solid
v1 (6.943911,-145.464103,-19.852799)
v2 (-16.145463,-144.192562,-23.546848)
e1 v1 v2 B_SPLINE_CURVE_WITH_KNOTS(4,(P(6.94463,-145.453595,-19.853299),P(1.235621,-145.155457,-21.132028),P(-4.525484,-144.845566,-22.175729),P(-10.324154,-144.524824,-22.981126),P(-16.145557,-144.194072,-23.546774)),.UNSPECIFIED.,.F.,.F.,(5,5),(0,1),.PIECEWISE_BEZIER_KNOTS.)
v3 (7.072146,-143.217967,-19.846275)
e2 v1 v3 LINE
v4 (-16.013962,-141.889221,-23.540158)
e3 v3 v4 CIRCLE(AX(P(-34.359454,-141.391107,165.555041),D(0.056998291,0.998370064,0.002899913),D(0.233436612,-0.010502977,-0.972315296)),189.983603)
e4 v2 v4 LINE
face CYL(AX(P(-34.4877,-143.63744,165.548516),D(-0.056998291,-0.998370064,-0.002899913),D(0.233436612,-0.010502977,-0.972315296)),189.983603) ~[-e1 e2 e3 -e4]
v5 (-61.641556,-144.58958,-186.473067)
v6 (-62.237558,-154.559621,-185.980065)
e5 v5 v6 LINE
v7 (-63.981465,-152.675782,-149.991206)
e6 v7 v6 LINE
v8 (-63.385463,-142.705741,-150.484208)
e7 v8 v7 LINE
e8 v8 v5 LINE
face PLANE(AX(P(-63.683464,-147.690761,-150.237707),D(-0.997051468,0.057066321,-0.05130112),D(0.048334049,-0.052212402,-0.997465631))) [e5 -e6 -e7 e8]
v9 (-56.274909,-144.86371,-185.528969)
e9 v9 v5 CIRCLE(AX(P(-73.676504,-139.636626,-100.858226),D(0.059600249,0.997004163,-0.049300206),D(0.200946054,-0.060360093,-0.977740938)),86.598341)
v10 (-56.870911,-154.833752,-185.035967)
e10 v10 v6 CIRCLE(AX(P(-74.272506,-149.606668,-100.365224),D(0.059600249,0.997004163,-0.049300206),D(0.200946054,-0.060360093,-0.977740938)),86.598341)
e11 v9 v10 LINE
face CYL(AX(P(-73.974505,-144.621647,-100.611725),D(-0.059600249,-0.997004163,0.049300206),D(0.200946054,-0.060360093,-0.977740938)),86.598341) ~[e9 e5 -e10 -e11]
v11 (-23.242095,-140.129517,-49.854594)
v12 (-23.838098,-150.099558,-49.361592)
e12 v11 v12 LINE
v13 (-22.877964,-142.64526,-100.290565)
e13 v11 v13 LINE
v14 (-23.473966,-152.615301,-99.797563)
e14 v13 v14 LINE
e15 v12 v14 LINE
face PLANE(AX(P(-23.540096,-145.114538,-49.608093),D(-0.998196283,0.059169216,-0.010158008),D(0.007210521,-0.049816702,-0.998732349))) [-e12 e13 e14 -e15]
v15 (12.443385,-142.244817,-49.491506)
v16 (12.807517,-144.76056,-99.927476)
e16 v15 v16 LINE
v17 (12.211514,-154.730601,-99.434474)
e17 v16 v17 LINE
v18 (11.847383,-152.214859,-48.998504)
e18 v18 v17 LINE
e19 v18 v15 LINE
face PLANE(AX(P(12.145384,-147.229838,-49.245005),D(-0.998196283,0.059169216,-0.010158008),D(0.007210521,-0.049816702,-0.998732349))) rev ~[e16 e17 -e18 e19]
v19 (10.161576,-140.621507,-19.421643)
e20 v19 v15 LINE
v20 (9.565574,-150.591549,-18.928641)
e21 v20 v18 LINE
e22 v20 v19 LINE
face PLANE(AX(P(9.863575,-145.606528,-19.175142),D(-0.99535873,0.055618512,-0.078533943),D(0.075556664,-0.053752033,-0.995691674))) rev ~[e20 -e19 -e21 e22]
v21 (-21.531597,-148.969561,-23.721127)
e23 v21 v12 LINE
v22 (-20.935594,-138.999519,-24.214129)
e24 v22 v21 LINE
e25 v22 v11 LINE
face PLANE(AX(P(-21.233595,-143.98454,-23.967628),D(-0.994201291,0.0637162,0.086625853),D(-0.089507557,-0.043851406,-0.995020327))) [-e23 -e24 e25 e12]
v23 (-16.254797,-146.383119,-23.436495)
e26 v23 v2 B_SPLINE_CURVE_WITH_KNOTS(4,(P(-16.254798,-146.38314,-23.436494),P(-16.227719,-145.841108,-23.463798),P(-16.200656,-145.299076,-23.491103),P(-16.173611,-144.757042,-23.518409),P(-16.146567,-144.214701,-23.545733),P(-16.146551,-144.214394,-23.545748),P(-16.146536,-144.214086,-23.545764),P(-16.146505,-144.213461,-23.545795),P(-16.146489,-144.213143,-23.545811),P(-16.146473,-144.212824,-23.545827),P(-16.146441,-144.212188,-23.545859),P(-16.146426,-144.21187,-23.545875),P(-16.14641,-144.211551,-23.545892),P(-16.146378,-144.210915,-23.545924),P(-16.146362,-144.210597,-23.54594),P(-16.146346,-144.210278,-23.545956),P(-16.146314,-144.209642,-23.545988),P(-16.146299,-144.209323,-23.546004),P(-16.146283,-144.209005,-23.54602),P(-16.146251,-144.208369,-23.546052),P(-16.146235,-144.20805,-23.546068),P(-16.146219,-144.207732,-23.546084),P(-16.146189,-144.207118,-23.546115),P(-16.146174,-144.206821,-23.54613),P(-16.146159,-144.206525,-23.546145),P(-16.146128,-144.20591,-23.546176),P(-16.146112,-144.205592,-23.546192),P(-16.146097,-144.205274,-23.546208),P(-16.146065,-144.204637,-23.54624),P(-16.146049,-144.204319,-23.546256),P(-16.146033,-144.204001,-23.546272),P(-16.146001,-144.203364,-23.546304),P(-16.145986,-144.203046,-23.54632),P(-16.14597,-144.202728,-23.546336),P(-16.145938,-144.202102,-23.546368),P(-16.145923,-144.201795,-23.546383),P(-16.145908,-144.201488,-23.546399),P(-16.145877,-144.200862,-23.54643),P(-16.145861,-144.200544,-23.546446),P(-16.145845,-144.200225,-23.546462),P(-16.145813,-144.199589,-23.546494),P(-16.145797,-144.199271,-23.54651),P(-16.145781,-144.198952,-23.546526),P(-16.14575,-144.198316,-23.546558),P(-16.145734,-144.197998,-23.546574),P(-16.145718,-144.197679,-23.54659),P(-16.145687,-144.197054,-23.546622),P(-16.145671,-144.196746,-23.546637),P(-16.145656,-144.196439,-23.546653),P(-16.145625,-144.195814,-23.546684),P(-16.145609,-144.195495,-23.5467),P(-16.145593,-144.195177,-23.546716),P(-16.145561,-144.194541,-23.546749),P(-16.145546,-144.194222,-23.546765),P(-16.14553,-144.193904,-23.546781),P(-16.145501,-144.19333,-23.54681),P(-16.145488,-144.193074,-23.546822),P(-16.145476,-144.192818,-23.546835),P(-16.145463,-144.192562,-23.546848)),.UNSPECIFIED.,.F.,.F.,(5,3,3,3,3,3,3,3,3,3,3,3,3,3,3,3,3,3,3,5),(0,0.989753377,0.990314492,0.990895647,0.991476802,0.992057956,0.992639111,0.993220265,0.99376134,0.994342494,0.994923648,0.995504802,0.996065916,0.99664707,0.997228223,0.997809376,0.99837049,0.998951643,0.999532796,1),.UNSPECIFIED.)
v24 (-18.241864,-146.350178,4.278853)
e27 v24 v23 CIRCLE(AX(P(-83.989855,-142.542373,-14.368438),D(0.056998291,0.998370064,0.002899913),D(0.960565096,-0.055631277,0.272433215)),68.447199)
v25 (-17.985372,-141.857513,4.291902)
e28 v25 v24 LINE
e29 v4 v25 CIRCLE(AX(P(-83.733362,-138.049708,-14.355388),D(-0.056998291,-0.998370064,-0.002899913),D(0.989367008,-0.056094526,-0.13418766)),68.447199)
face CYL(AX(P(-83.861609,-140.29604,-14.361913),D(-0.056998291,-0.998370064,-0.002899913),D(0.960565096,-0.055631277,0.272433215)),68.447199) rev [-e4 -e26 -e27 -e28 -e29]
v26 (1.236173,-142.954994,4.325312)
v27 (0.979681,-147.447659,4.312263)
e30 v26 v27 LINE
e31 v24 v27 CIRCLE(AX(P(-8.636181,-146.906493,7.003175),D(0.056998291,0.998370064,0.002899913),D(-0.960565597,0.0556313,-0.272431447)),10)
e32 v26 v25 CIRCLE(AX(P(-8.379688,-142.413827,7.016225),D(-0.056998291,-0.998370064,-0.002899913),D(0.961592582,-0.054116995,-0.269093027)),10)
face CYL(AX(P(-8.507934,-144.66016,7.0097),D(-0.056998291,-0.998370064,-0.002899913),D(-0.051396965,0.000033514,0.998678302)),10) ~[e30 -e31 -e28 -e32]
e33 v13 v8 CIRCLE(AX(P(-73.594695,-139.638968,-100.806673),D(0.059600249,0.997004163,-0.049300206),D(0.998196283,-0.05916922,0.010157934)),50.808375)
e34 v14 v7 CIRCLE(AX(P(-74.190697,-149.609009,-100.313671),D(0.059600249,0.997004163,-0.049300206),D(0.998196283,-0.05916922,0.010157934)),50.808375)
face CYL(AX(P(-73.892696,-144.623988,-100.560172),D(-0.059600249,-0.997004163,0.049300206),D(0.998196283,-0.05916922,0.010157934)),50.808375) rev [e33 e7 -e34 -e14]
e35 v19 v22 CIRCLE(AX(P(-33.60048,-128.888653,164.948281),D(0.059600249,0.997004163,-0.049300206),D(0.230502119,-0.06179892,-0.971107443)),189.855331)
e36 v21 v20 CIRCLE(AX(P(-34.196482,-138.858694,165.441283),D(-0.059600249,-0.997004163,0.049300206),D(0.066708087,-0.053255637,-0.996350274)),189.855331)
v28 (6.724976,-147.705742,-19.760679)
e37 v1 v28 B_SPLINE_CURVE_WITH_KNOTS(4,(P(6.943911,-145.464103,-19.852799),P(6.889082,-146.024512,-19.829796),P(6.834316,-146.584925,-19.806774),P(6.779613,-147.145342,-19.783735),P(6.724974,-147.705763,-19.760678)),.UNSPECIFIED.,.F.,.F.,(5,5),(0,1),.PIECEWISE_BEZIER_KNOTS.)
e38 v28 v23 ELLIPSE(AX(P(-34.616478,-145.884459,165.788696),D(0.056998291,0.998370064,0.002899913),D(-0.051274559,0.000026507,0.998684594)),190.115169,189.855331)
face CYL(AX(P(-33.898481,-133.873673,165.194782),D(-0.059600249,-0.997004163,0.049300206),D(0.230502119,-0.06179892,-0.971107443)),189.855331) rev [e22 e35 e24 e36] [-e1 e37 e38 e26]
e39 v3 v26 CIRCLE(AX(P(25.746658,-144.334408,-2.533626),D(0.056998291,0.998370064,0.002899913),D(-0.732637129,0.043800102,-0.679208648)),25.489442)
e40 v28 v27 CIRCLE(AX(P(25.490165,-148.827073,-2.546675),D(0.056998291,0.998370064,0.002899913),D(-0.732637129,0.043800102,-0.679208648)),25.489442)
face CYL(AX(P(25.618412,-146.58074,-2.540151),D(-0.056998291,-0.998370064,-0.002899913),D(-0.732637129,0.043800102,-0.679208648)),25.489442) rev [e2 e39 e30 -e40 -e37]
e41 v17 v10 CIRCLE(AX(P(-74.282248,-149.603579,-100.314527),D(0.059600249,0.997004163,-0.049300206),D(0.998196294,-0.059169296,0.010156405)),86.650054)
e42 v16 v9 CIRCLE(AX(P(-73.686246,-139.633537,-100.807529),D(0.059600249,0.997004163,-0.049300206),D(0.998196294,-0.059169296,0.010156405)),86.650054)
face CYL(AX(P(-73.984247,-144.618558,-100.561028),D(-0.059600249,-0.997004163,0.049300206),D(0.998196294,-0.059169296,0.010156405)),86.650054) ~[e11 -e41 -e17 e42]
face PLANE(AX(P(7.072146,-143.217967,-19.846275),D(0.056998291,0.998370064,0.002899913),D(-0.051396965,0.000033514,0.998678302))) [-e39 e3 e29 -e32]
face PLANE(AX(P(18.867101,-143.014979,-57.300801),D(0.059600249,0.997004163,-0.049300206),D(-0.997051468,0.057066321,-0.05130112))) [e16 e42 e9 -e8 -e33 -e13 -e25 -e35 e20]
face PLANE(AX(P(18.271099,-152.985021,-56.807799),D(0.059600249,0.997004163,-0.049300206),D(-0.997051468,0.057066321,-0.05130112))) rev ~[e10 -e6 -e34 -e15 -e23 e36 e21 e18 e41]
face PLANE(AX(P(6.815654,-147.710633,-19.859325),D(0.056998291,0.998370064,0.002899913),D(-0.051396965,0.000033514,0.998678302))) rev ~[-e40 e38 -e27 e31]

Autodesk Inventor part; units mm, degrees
sketch "Sketch1" plane through (0, 0, 0) normal (0, 1, 0) x (-1, 0, 0)
  circle A0 centre (0, 0) radius 10
  line L0 (10, 0) -> (9.2097, -30.1236) construction
  arc A1 (-17.027, -27.0939) -> (14.3169, -30.2866) centre (17.8178, 159.5407) ccw
  line L1 (0, 0) -> (-14.0737, -27.6212) construction
  line L2 (10, 0) -> (-10, 0) construction
  line L3 (0, -10) -> (0, 10) construction
  arc A2 (9.7489, -2.227) -> (9.2097, -30.1236) centre (76.4766, -17.4702) ccw
  arc A3 (-14.0737, -27.6212) -> (-9.4804, -3.1816) centre (-33.645, -11.2914) ccw
  line L4 (0, 0) -> (9.2097, -30.1236) construction
  line L5 (14.3169, -30.2866) -> (-17.027, -27.0939) construction
  line L6 (9.2097, -30.1236) -> (-14.0737, -27.6212) construction
  line L7 (-1.355, -28.6902) -> (-1.4214, -29.3415) construction
  line L8 (0, 0) -> (-17.027, -27.0939) construction
  line L9 (0, 0) -> (14.3169, -30.2866) construction
  line L10 (-17.027, -27.0939) -> (-14.0737, -27.6212) construction
  line L11 (0, 0) -> (-18.5691, -57.0543) construction
  line L12 (0, 0) -> (17.8587, -58.3272) construction
  line L13 (17.8587, -58.3272) -> (-18.5691, -57.0543) construction
  line L14 (-18.5691, -57.0543) -> (-17.027, -27.0939) construction
  line L15 (14.3169, -30.2866) -> (17.8587, -58.3272) construction
  line L16 (14.3169, -30.2866) -> (17.8587, -58.3272)
  line L17 (-17.027, -27.0939) -> (-18.5691, -57.0543)
  line L18 (17.8587, -58.3272) -> (31.4475, -86.1902) construction
  line L19 (-18.5691, -57.0543) -> (3.1581, -110.8309) construction
  line L20 (-18.5691, -57.0543) -> (39.4309, -57.0543) construction
  arc A4 (17.8587, -58.3272) -> (31.4475, -86.1902) centre (65.5771, -52.3) ccw
  arc A5 (-18.5691, -57.0543) -> (3.1581, -110.8309) centre (50.0978, -60.5886) ccw
  line L21 (31.4475, -86.1902) -> (3.1581, -110.8309)
  dimension "d0" = 20
  dimension "d4" = 63
  dimension "d7" = 31
  dimension "d8" = 73
  dimension "d9" = 31.5
  dimension "d14" = 32
  dimension "d15" = 33.5
  dimension "d19" = 3
  dimension "d20" = 60
  dimension "d21" = 61
  dimension "d22" = 36.45
  dimension "d23" = 30
  dimension "d24" = 68.4466
  dimension "d25" = 25.4892
  dimension "d26" = 118
  dimension "d27" = 31
  dimension "d28" = 58
  dimension "d29" = 68
  dimension "d30" = 37.5161
ref_plane "Work Plane11" through (-31.4475, -5, -86.1902) normal (-0.6568, 0, -0.7541) x (-0.7541, 0, 0.6568)
sketch "Sketch2" plane through (-31.4475, -5, -86.1902) normal (-0.6568, 0, -0.7541) x (-0.7541, 0, 0.6568)
  line L0 (-18.5789, 0) -> (-18.5789, 10) construction
  line L1 (0, 0) -> (0, 10) construction
  line L2 (-37.5161, 10) -> (0, 10) construction
  line L3 (-37.5161, 0) -> (-37.5161, 10) construction
  line L4 (0, 0) -> (-37.5161, 0) construction
  line L5 (0, 5) -> (-37.5161, 5) construction
  point P0 (32.8968, 5)
  point P1 (-18.758, 5)
ref_plane "Work Plane4" through (-31.4475, 0, -86.1902) normal (0, 1, 0) x (0.7541, 0, -0.6568)
ref_plane "Work Plane5" through (-31.4475, -148, -86.1902) normal (0, 1, 0) x (0.7541, 0, -0.6568)
sketch "Sketch3" plane through (-31.4475, -148, -86.1902) normal (0, 1, 0) x (0.7541, 0, -0.6568)
  line L0 (18.5789, -54.8214) -> (-2.262, -76.4005) projected
  point P0 (-32.8968, -85.6475)
ref_plane "Work Plane6" through (18.5691, -148, -57.0543) normal (0.057, 0.9984, 0.0029) x (-0.0514, 0, 0.9987)
sketch "Sketch4" plane through (18.5691, -148, -57.0543) normal (0.057, 0.9984, 0.0029) x (-0.0514, 0, 0.9987)
  line L0 (0, 0) -> (0, -25.972) construction
  point P0 (57.9333, -24.0285)
ref_plane "Work Plane7" through (18.5691, -148, -57.0543) normal (0.0596, 0.997, -0.0493) x (-0.9971, 0.057, -0.0513)
sketch "Sketch5" plane through (18.5691, -148, -57.0543) normal (0.0596, 0.997, -0.0493) x (-0.9971, 0.057, -0.0513)
  ellipse E0 centre (23.9002, 65.4229) end of major axis (30.6548, 58.0489) minor radius 9.97 construction
  circle A0 centre (23.9002, 65.4229) radius 10
  line L0 (31.314, 72.1337) -> (33.1099, 35.2993) construction
  arc A1 (6.8732, 38.3289) -> (38.2171, 35.1363) centre (41.718, 224.9636) ccw
  line L1 (23.9002, 65.4229) -> (9.8265, 37.8017) construction
  line L2 (31.314, 72.1337) -> (16.4863, 72.1337) construction
  arc A2 (33.649, 63.1959) -> (33.1099, 35.2993) centre (100.3768, 47.9527) ccw
  arc A3 (9.8265, 37.8017) -> (14.4198, 62.2412) centre (-9.7448, 54.1315) ccw
  line L3 (23.9002, 65.4229) -> (33.1099, 35.2993) construction
  line L4 (38.2171, 35.1363) -> (6.8732, 38.3289) construction
  line L5 (33.1099, 35.2993) -> (9.8265, 37.8017) construction
  line L6 (22.5451, 36.7326) -> (22.4788, 36.0813) construction
  line L7 (23.9002, 65.4229) -> (6.8732, 38.3289) construction
  line L8 (23.9002, 65.4229) -> (38.2171, 35.1363) construction
  line L9 (6.8732, 38.3289) -> (9.8265, 37.8017) construction
  line L10 (23.9002, 65.4229) -> (6.0481, 8.1402) construction
  line L11 (23.9002, 65.4229) -> (41.7677, 9.6133) construction
  line L12 (41.7677, 9.6133) -> (6.0481, 8.1402) construction
  line L13 (6.0481, 8.1402) -> (6.8732, 38.3289) construction
  line L14 (38.2171, 35.1363) -> (41.7677, 9.6133) construction
  line L15 (38.2171, 35.1363) -> (41.7677, 9.6133)
  line L16 (6.8732, 38.3289) -> (6.0481, 8.1402)
  line L17 (41.7677, 9.6133) -> (43.8485, -40.8438)
  line L18 (6.0481, 8.1402) -> (8.1289, -42.3169)
  line L19 (8.1289, -42.3169) -> (43.8485, -40.8438) construction
  line L20 (8.1289, -42.3169) -> (81.3932, -124.3678) construction
  line L21 (43.8485, -40.8438) -> (86.8081, -88.9555) construction
  arc A4 (8.1289, -42.3169) -> (81.3932, -124.3678) centre (94.7052, -38.7465) ccw
  arc A5 (43.8485, -40.8438) -> (86.8081, -88.9555) centre (94.6137, -38.7503) ccw
  line L22 (86.8081, -88.9555) -> (86.8081, -125.0358)
  arc A6 (81.3932, -124.3678) -> (86.8081, -125.0358) centre (94.7052, -38.7465) ccw
  point P0 (24.0285, 65.5404)
  point P1 (14.611, 61.7909)
  point P2 (33.7346, 63.6729)
  point P3 (33.532, 68.1115)
  point P4 (33.532, 68.1115)
  dimension "d41" = 20
  dimension "d42" = 63
  dimension "d43" = 31
  dimension "d44" = 73
  dimension "d45" = 31.5
  dimension "d46" = 32
  dimension "d47" = 33.5
  dimension "d48" = 3
  dimension "d49" = 60
  dimension "d50" = 58.6
  dimension "d51" = 35.75
  dimension "d52" = 30.2
  dimension "d53" = 68.4466
  dimension "d54" = 25.4892
  dimension "d60" = 50.5
  dimension "d62" = 50.5
  dimension "d63" = 110
  dimension "d64" = 64.5
  dimension "d65" = 85
ref_plane "Work Plane9" through (-31.4475, -74, -86.1902) normal (0, 1, 0) x (0.7541, 0, -0.6568)
ref_plane "Work Plane10" through (6.9439, -145.4643, -19.8528) normal (0.057, 0.9984, 0.0029) x (-0.0514, 0, 0.9987)
sketch "Sketch6" plane through (6.9439, -145.4643, -19.8528) normal (0.057, 0.9984, 0.0029) x (-0.0514, 0, 0.9987)
  line L0 (-2.499, -23.2834) -> (0, 0) construction
  ellipse E0 centre (186.9054, -31.8915) end of major axis (186.9054, -221.7511) minor radius 189.5994 (0.5265, 2.9533) -> (-2.6617, -28.3906) ccw projected
  circle A0 centre (27.6212, -14.0737) radius 10
  line L1 (27.6224, -24.0737) -> (-2.5024, -23.2834) construction
  arc A1 (0.5273, 2.9533) -> (-2.6654, -28.3906) centre (187.1619, -31.8915) ccw
  line L2 (27.6212, -14.0737) -> (0, 0) construction
  line L3 (27.6224, -24.0737) -> (27.6224, -4.0737) construction
  line L4 (24.2804, -23.4992) -> (30.962, -23.4992) construction
  arc A2 (25.3942, -23.8226) -> (-2.5024, -23.2834) centre (10.151, -90.5503) ccw
  arc A3 (0, 0) -> (24.4396, -4.5934) centre (16.3298, 19.5713) ccw
  line L5 (27.6212, -14.0737) -> (-2.5024, -23.2834) construction
  line L6 (-2.6654, -28.3906) -> (0.5273, 2.9533) construction
  line L7 (-2.5024, -23.2834) -> (0, 0) construction
  line L8 (-1.069, -12.7187) -> (-1.7203, -12.6523) construction
  line L9 (27.6212, -14.0737) -> (0.5273, 2.9533) construction
  line L10 (27.6212, -14.0737) -> (-2.6654, -28.3906) construction
  line L11 (0.5273, 2.9533) -> (0, 0) construction
  point P0 (20.1835, -14.202)
  point P1 (-2.4989, -23.2828)
  dimension "d66" = 20
  dimension "d67" = 63
  dimension "d68" = 31
  dimension "d69" = 73
  dimension "d70" = 31.5
  dimension "d71" = 32
  dimension "d72" = 33.5
  dimension "d73" = 3
  dimension "d74" = 68.4466
  dimension "d75" = 25.4892
  dimension "d83" = 85.377
  dimension "d84" = 8.3924
  dimension "d85" = 0
  dimension "d86" = 30.1213
extrude "Extrusion4" add sketch "Sketch6" along normal mid plane 4.5
extrude "Extrusion5" add sketch "Sketch5" along normal mid plane 10 contours A1 L15 L17 A5 L22 A6 A4 L18 L16
properties part number "long"
